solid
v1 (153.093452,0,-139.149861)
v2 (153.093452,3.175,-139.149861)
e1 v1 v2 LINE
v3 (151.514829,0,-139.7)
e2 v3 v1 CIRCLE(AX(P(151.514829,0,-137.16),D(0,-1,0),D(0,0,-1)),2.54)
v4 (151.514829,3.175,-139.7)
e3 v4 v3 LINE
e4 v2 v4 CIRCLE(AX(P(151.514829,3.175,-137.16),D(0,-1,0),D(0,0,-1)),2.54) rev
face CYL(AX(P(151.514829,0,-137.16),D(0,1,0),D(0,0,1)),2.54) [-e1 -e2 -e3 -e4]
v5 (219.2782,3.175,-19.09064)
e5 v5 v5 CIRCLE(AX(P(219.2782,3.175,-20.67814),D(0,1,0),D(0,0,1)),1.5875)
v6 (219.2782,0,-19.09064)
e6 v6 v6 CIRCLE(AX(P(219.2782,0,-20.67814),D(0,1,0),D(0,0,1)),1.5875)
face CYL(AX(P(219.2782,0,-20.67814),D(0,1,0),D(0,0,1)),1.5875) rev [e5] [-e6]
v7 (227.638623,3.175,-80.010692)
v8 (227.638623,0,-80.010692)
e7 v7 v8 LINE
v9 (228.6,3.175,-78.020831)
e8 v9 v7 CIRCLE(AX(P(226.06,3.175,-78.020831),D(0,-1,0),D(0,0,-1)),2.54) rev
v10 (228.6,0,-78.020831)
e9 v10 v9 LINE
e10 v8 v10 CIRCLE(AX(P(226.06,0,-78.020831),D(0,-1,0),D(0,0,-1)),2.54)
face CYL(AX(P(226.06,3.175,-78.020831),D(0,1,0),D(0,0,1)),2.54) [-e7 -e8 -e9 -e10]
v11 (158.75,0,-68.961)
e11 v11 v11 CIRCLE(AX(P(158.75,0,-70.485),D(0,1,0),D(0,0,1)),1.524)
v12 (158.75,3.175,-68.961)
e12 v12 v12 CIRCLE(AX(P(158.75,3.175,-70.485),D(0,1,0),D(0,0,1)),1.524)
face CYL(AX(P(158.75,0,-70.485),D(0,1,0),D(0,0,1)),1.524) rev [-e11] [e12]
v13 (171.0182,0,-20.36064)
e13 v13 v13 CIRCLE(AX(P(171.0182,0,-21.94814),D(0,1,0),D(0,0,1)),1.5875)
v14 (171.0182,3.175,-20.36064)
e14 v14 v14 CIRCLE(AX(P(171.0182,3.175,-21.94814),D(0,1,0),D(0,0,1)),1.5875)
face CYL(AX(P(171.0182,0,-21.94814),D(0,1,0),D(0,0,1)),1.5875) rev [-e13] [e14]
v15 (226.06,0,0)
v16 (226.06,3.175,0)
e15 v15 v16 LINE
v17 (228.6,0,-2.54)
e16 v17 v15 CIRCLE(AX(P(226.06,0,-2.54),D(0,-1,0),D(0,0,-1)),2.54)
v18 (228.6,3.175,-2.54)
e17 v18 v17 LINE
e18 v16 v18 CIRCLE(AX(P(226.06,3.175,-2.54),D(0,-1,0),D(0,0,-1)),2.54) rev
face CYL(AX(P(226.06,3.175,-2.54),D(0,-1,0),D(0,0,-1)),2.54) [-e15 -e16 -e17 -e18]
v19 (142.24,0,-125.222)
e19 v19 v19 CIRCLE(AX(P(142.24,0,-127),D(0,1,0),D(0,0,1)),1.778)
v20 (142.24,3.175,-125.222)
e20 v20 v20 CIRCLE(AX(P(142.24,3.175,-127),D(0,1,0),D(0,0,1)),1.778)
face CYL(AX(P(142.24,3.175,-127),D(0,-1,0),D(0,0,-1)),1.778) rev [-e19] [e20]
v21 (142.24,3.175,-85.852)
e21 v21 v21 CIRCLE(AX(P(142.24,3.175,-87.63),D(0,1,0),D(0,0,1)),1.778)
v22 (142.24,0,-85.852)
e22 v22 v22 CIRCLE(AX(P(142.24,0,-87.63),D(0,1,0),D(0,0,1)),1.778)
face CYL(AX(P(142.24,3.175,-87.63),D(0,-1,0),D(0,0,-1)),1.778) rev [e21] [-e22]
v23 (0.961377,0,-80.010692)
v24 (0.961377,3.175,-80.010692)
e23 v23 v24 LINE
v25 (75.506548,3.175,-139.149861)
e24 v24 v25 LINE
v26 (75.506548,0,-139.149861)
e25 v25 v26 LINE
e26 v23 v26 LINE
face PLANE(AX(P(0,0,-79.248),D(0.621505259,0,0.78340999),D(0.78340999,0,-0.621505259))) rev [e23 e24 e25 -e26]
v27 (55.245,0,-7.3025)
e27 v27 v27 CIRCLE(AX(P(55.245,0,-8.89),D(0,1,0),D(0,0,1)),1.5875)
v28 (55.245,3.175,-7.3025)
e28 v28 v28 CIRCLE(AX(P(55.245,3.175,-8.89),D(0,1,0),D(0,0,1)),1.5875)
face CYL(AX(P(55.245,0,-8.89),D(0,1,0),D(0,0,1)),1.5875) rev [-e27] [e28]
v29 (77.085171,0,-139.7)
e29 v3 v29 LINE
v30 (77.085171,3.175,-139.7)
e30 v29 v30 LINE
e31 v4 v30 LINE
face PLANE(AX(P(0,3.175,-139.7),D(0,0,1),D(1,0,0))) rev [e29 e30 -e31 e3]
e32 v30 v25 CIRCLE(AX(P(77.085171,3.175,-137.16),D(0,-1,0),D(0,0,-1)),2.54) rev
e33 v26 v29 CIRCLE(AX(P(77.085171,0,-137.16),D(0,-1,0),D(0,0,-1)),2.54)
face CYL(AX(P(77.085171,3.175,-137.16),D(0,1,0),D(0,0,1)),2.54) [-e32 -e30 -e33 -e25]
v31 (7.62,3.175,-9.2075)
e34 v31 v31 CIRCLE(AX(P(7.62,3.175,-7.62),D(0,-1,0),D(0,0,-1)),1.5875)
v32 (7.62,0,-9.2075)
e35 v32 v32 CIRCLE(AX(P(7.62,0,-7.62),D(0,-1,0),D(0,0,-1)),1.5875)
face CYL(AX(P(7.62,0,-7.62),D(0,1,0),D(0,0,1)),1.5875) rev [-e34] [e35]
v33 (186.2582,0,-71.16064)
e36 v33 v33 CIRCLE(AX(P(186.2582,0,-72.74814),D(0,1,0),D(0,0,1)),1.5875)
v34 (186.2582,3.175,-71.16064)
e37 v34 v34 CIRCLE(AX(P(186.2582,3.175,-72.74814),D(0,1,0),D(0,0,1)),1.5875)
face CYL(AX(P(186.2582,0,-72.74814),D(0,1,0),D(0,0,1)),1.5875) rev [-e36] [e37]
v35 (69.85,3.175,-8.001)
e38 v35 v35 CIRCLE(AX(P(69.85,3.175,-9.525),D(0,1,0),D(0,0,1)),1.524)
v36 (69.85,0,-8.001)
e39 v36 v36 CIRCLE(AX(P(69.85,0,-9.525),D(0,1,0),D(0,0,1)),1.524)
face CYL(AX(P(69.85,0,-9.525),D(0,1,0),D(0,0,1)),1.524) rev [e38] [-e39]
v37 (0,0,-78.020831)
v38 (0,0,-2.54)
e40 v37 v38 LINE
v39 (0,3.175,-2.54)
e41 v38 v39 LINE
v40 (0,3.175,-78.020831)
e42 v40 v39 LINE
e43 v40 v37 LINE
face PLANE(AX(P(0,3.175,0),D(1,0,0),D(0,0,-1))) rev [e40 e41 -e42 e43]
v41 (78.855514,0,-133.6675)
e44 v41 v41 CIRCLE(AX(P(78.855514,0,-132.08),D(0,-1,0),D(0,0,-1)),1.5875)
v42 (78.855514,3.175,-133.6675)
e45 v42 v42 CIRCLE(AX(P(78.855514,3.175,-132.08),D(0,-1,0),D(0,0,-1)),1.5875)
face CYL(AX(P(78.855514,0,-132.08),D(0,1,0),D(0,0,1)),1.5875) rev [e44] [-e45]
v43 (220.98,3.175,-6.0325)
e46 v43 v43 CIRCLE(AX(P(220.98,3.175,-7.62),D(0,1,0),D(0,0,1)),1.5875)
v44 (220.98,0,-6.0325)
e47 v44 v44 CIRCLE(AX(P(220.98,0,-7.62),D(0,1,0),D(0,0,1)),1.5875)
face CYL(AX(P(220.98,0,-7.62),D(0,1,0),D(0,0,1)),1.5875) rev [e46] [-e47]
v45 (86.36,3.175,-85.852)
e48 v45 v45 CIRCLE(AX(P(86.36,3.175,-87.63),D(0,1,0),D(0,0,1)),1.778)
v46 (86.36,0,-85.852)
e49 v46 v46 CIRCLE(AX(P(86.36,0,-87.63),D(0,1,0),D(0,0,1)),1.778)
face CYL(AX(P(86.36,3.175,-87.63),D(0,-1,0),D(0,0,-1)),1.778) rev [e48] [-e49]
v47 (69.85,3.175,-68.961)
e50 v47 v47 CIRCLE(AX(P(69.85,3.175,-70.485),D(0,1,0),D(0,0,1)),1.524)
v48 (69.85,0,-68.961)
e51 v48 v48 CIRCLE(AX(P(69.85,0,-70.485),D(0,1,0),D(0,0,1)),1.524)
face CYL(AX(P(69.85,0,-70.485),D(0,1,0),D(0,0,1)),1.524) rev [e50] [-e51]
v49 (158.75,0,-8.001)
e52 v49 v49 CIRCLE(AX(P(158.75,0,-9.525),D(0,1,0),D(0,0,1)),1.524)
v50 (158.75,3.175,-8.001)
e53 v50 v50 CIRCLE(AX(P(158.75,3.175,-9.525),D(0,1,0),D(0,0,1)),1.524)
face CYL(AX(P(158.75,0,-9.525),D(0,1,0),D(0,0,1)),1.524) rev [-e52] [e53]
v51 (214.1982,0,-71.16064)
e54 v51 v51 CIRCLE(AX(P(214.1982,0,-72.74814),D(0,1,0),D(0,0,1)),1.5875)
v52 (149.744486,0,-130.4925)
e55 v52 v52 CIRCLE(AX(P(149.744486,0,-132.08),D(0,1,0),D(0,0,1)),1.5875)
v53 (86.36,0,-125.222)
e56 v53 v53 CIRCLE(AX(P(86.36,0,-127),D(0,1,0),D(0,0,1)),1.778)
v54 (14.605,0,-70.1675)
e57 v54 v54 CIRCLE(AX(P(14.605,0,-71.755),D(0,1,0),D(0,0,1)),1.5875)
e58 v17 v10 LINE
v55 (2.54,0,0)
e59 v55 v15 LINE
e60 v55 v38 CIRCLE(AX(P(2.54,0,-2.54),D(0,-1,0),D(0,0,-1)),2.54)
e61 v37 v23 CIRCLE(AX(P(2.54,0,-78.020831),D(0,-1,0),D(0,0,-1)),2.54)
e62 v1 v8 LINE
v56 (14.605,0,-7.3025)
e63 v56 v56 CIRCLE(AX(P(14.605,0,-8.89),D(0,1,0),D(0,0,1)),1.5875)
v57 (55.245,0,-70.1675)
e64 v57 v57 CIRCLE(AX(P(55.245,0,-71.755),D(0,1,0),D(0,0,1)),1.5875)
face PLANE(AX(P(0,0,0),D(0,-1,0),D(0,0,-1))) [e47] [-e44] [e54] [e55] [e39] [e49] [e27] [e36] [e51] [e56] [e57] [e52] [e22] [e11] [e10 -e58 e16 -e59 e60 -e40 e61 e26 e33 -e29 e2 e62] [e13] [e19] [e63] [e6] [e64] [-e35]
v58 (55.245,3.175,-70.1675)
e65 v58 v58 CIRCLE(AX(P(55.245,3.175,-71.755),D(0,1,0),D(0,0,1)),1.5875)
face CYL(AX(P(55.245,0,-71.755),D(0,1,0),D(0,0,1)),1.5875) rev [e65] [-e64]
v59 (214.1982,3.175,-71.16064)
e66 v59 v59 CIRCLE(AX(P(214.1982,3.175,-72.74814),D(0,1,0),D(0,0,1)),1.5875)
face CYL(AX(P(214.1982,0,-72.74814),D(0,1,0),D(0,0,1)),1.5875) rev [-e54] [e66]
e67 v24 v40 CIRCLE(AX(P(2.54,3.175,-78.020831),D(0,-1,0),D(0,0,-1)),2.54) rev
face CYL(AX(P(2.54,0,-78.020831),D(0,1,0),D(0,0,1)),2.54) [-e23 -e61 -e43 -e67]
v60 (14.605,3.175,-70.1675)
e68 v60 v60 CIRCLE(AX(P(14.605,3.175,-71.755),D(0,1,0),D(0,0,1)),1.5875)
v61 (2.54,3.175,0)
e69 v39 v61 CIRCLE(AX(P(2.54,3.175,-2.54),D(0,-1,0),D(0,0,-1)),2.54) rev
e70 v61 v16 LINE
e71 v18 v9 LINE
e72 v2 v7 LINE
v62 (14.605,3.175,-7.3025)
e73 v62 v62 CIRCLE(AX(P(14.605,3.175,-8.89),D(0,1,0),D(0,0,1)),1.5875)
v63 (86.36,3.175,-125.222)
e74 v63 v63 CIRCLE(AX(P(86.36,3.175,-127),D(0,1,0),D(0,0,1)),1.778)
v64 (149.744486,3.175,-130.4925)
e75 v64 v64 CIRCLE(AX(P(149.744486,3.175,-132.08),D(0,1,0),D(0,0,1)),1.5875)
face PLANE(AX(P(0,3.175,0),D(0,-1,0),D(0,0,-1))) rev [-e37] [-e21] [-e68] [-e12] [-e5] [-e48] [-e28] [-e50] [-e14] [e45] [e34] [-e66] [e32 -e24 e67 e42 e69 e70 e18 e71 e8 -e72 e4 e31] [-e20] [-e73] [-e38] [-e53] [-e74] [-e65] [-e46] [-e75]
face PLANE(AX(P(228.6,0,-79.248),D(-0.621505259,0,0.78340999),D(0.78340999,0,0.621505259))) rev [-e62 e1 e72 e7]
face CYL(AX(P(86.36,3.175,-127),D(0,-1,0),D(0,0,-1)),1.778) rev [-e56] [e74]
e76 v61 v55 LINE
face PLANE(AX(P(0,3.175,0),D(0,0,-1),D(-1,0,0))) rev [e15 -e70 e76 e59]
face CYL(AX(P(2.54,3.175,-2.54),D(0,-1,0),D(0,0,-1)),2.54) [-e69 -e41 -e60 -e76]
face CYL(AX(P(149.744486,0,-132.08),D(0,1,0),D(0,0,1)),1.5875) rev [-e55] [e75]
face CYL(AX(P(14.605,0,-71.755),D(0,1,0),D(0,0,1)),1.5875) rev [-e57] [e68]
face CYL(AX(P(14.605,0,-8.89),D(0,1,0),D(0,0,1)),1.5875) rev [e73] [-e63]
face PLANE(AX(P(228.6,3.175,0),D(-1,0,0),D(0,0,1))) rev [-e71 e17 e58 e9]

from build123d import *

# Parameters (mm, degrees)
SKETCH1_W           = 228.6
SKETCH1_H           = 139.7
SKETCH1_R           = 1.778
BOSS_EXTRUDE1_DEPTH = 3.175
SKETCH3_R           = 1.524
CUT_EXTRUDE1_DEPTH  = 4.175
SKETCH4_R           = 1.5875
CUT_EXTRUDE2_DEPTH  = 4.175
SKETCH5_R           = 1.5875
CUT_EXTRUDE3_DEPTH  = 4.175
CUT_EXTRUDE4_DEPTH  = 4.175
FILLET1_R           = 2.54
SKETCH7_R           = 1.5875
CUT_EXTRUDE5_DEPTH  = 4.175


with BuildPart() as part:
    # Sketch1 → Boss-Extrude1 (new body)
    with BuildSketch(Plane(origin=(0, 0, 0), x_dir=(1, 0, 0), z_dir=(0, 1, 0))):
        with Locations((114.3, 69.85)):
            Rectangle(SKETCH1_W, SKETCH1_H)
        with Locations((86.36, 127)):
            Circle(SKETCH1_R, mode=Mode.SUBTRACT)
        with Locations((142.24, 127)):
            Circle(SKETCH1_R, mode=Mode.SUBTRACT)
        with Locations((86.36, 87.63)):
            Circle(SKETCH1_R, mode=Mode.SUBTRACT)
        with Locations((142.24, 87.63)):
            Circle(SKETCH1_R, mode=Mode.SUBTRACT)
    extrude(amount=BOSS_EXTRUDE1_DEPTH)

    # Sketch3 → Cut-Extrude1 (cut, through all)
    with BuildSketch(Plane(origin=(0, 3.175, 0), x_dir=(1, 0, 0), z_dir=(0, 1, 0))):
        with Locations((69.85, 70.485)):
            Circle(SKETCH3_R)
        with Locations((158.75, 70.485)):
            Circle(SKETCH3_R)
        with Locations((158.75, 9.525)):
            Circle(SKETCH3_R)
        with Locations((69.85, 9.525)):
            Circle(SKETCH3_R)
    extrude(amount=-CUT_EXTRUDE1_DEPTH, mode=Mode.SUBTRACT)

    # Sketch4 → Cut-Extrude2 (cut, through all)
    with BuildSketch(Plane(origin=(0, 3.175, 0), x_dir=(1, 0, 0), z_dir=(0, 1, 0))):
        with Locations((171.0182, 21.94814)):
            Circle(SKETCH4_R)
        with Locations((186.2582, 72.74814)):
            Circle(SKETCH4_R)
        with Locations((214.1982, 72.74814)):
            Circle(SKETCH4_R)
        with Locations((219.2782, 20.67814)):
            Circle(SKETCH4_R)
    extrude(amount=-CUT_EXTRUDE2_DEPTH, mode=Mode.SUBTRACT)

    # Sketch5 → Cut-Extrude3 (cut, through all)
    with BuildSketch(Plane(origin=(0, 3.175, 0), x_dir=(1, 0, 0), z_dir=(0, 1, 0))):
        with Locations((14.605, 71.755)):
            Circle(SKETCH5_R)
        with Locations((55.245, 71.755)):
            Circle(SKETCH5_R)
        with Locations((55.245, 8.89)):
            Circle(SKETCH5_R)
        with Locations((14.605, 8.89)):
            Circle(SKETCH5_R)
    extrude(amount=-CUT_EXTRUDE3_DEPTH, mode=Mode.SUBTRACT)

    # Sketch6 → Cut-Extrude4 (cut, through all)
    with BuildSketch(Plane(origin=(0, 3.175, 0), x_dir=(1, 0, 0), z_dir=(0, 1, 0))):
        Polygon((228.6, 79.248), (152.4, 139.7), (228.6, 139.7), align=None)
        Polygon((76.2, 139.7), (0, 139.7), (0, 79.248), align=None)
    extrude(amount=-CUT_EXTRUDE4_DEPTH, mode=Mode.SUBTRACT)

    # Fillet1
    fillet1_edges = [part.edges().sort_by_distance(p)[0] for p in [
        (228.6, 1.5875, 0),
        (0, 1.5875, 0),
        (228.6, 1.5875, -79.248),
        (152.4, 1.5875, -139.7),
        (76.2, 1.5875, -139.7),
        (0, 1.5875, -79.248),
    ]]
    fillet(fillet1_edges, radius=FILLET1_R)

    # Sketch7 → Cut-Extrude5 (cut, through all)
    with BuildSketch(Plane(origin=(0, 3.175, 0), x_dir=(1, 0, 0), z_dir=(0, 1, 0))):
        with Locations((220.98, 7.62)):
            Circle(SKETCH7_R)
        with Locations((149.744486069, 132.08)):
            Circle(SKETCH7_R)
        with Locations((7.62, 7.62)):
            Circle(SKETCH7_R)
        with Locations((78.855513931, 132.08)):
            Circle(SKETCH7_R)
    extrude(amount=-CUT_EXTRUDE5_DEPTH, mode=Mode.SUBTRACT)


solid = part.part
